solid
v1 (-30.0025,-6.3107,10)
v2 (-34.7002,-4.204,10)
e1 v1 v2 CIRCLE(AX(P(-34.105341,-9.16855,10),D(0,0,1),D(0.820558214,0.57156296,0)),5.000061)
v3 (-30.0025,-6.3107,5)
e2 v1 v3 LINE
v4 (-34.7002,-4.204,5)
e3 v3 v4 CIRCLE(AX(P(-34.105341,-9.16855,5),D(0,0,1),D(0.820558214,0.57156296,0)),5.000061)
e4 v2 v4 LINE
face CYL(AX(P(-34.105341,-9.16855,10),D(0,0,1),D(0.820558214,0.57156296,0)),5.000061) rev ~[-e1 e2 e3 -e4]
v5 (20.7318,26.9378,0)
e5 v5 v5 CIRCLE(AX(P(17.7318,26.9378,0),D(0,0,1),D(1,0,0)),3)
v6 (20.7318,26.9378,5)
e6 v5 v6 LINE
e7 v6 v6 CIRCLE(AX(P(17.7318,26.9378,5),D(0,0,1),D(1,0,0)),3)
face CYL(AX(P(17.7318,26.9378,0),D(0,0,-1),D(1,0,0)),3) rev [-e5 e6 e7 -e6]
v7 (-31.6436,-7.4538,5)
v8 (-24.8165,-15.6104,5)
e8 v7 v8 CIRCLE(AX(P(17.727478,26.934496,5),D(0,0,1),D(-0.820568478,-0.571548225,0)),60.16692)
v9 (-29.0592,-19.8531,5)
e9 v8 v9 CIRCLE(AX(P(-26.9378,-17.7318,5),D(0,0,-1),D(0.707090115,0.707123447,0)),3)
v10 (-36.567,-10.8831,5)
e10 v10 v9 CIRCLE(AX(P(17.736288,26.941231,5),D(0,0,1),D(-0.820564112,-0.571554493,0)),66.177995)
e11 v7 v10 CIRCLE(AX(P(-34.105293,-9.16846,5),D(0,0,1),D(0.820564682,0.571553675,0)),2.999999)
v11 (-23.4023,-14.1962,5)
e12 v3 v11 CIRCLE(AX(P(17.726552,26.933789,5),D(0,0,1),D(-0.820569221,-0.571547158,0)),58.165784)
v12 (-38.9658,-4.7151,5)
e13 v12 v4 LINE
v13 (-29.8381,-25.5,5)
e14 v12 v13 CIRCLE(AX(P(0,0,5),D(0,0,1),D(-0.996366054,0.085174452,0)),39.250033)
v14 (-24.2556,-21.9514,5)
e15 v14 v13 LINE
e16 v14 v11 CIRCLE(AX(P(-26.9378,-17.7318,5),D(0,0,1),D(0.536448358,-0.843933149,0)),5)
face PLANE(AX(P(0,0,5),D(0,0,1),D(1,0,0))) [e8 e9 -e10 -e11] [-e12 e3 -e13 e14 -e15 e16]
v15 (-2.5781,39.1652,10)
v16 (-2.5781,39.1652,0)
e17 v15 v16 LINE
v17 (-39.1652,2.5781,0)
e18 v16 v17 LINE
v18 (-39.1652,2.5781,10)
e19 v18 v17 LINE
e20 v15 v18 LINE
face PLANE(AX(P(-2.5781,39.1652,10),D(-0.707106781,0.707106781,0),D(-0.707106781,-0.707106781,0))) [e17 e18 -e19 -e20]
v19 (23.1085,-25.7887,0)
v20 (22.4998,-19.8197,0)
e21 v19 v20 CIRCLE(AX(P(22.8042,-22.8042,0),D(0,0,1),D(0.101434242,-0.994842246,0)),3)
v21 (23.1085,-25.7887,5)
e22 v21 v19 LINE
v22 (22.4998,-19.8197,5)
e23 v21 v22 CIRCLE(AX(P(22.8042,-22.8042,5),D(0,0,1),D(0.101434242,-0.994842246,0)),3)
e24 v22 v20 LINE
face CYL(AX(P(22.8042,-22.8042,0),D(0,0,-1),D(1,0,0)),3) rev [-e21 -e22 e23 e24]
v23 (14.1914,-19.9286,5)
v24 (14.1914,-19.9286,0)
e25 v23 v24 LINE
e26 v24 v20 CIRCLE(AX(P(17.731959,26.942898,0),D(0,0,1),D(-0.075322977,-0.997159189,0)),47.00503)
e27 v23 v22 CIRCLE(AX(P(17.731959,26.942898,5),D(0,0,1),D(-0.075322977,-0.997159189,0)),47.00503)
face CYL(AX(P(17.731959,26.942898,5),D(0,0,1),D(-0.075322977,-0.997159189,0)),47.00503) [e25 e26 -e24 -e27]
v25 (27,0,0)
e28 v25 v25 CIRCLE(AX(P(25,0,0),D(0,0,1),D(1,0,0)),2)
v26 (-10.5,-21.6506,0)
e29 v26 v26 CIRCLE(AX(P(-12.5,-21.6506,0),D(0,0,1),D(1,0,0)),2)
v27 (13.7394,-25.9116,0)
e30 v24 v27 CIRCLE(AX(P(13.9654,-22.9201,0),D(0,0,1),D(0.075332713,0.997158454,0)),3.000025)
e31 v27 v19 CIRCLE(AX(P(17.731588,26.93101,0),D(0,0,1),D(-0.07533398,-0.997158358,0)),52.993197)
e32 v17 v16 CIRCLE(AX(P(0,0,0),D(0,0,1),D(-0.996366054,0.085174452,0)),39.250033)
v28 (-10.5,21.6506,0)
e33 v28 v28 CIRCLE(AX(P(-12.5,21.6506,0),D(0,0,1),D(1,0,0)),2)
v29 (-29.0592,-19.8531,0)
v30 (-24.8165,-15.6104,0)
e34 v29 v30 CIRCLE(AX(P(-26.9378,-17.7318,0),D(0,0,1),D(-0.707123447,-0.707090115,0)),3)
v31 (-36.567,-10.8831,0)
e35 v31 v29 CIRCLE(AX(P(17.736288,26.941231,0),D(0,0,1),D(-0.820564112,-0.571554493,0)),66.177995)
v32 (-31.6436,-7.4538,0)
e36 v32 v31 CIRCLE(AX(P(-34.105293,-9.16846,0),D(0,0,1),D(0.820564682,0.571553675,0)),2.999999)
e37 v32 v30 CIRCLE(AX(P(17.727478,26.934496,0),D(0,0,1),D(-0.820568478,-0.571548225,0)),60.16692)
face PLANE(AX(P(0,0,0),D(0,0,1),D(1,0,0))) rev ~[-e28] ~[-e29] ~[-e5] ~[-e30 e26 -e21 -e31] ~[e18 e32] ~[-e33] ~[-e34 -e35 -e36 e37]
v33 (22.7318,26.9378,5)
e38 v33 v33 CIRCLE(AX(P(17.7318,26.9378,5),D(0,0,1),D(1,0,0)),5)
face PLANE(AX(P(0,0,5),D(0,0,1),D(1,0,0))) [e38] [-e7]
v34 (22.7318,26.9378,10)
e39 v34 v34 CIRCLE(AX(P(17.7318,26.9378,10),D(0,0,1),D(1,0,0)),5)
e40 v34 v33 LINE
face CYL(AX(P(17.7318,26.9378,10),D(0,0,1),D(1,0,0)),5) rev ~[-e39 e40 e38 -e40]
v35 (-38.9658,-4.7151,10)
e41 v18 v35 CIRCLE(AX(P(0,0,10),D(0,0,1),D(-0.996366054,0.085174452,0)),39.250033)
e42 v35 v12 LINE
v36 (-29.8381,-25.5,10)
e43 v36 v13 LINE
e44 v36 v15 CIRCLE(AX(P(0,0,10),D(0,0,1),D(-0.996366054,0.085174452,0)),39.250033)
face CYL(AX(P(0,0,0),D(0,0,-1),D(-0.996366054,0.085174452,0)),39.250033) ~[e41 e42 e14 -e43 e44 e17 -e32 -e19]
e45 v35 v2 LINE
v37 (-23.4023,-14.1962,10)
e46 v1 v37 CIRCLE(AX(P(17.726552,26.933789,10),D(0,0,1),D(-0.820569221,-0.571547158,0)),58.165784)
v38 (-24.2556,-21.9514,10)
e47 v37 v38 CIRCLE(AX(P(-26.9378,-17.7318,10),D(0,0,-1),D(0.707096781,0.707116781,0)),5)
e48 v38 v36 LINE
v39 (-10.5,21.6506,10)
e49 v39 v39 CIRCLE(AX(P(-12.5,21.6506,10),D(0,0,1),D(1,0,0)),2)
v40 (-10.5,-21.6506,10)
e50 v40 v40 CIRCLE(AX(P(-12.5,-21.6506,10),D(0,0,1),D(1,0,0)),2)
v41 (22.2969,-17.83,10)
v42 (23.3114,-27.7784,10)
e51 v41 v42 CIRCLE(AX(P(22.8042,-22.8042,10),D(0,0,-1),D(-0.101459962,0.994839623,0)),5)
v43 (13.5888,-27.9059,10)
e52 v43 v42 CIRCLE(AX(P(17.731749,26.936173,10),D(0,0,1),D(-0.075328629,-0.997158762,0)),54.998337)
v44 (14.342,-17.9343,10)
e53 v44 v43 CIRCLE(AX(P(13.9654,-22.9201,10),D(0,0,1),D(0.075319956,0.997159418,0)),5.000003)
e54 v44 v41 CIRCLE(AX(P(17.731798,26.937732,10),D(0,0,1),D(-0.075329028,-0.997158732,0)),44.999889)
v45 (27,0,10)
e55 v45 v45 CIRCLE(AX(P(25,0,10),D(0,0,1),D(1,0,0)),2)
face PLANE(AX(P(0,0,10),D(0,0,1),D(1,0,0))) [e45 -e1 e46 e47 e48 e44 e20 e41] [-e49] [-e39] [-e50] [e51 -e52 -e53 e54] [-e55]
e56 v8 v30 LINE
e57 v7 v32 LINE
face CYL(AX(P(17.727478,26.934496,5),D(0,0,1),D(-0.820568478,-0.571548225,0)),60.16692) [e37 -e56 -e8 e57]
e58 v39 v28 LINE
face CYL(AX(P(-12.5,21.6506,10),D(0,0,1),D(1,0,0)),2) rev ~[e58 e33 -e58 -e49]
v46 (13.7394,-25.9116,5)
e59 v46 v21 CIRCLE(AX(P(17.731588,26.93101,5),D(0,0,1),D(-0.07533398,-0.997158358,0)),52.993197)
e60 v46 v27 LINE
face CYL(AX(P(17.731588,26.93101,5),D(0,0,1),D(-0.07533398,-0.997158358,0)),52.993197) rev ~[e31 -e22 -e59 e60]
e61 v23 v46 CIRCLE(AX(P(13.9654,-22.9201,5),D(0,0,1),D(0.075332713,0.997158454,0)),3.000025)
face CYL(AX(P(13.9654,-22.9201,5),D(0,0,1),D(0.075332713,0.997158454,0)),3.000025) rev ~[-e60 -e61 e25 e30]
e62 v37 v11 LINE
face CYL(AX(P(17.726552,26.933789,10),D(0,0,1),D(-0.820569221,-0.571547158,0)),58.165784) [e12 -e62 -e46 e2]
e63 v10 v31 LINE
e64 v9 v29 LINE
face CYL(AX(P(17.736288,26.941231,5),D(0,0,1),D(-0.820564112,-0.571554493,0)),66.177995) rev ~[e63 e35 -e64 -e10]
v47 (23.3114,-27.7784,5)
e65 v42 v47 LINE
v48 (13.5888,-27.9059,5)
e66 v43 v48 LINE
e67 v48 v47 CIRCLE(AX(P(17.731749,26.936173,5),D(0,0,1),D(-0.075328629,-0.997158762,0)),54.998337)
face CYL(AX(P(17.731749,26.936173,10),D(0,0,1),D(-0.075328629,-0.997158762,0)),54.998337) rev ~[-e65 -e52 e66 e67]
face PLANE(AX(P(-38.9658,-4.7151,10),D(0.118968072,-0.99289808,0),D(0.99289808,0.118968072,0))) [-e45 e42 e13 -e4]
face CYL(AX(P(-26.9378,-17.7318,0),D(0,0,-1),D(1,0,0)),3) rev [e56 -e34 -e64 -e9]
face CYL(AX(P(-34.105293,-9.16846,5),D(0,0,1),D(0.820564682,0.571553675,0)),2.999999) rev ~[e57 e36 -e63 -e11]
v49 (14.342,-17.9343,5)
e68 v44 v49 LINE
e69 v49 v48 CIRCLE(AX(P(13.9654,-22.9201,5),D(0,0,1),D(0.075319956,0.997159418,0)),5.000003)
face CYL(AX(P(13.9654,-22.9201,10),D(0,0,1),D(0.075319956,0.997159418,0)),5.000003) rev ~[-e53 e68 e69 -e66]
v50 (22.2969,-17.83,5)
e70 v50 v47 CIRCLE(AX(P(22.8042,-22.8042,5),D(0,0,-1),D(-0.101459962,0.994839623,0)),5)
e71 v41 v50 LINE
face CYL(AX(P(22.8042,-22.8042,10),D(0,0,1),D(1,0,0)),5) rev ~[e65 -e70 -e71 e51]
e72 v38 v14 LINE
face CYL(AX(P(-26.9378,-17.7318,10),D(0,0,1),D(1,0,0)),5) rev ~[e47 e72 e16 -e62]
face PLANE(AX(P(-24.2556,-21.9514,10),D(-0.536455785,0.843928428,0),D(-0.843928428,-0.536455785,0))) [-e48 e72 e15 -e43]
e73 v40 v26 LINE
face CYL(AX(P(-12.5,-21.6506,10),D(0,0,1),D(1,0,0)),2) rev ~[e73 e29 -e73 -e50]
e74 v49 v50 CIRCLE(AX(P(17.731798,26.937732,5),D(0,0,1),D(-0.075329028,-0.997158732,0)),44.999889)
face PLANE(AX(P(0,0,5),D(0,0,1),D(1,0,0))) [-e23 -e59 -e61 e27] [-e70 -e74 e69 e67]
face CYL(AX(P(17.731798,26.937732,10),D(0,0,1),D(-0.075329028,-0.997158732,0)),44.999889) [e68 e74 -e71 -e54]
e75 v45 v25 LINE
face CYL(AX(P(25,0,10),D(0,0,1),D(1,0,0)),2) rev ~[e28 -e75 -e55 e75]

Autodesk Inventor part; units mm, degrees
ref_plane "YZ Plane" through (0, 0, 0) normal (1, 0, 0) x (0, 1, 0)
ref_plane "XZ Plane" through (0, 0, 0) normal (0, 1, 0) x (-1, 0, 0)
ref_plane "XY Plane" through (0, 0, 0) normal (0, 0, 1) x (1, 0, 0)
sketch "Sketch1" plane through (0, 0, 0) normal (0, 0, 1) x (1, 0, 0)
  arc A0 (-39.1074, 3.3431) -> (-3.3431, 39.1074) centre (0, 0) ccw
  line L0 (0, 0) -> (30.017, 0) construction
  line L1 (-39.1074, 3.3431) -> (-3.3431, 39.1074)
  line L2 (0, 0) -> (39.25, 0) construction
  circle A1 centre (22.8042, -22.8042) radius 3
  circle A2 centre (-26.9378, -17.7318) radius 3
  circle A3 centre (17.7318, 26.9378) radius 3
  dimension "d0" = 78.5
  dimension "d6" = 6
  dimension "d9" = 6
  dimension "d10" = 6
extrude "Extrusion1" add sketch "Sketch1" along normal blind 10
sketch "Sketch2" plane through (0, 0, 10) normal (0, 0, 1) x (1, 0, 0)
  circle A0 centre (17.7318, 26.9378) radius 3 projected
  circle A1 centre (17.7318, 26.9378) radius 5
  circle A2 centre (22.8042, -22.8042) radius 3 projected
  circle A3 centre (22.8042, -22.8042) radius 5
  circle A4 centre (-26.9378, -17.7318) radius 3 projected
  circle A5 centre (-26.9378, -17.7318) radius 5
  point P0 (0, 0)
  dimension "d13" = 10
  dimension "d14" = 10
  dimension "d15" = 10
extrude "Extrusion2" cut sketch "Sketch2" against normal blind 5 contours A1
extrude "Extrusion3" cut sketch "Sketch2" against normal blind 5 contours A5
extrude "Extrusion4" cut sketch "Sketch2" against normal blind 5 contours A3
sketch "Sketch3" plane through (0, 0, 10) normal (0, 0, 1) x (1, 0, 0)
  line L0 (0, 0) -> (25, 0) construction
  circle A0 centre (-12.5, -21.6506) radius 2
  arc A1 (-39.1074, 3.3431) -> (-3.3431, 39.1074) centre (0, 0) ccw projected
  circle A2 centre (25, 0) radius 2
  circle A3 centre (-12.5, 21.6506) radius 2
  dimension "d24" = 4
  dimension "d27" = 360
extrude "Extrusion5" cut sketch "Sketch3" against normal through all contours A0
extrude "Extrusion6" cut sketch "Sketch3" against normal through all contours A2
extrude "Extrusion7" cut sketch "Sketch3" against normal through all contours A3
sketch "Sketch5" plane through (0, 0, 10) normal (0, 0, 1) x (1, 0, 0)
  circle A0 centre (17.7318, 26.9378) radius 3 projected
  circle A1 centre (22.8042, -22.8042) radius 3 projected
  circle A2 centre (-26.9378, -17.7318) radius 5 projected
  arc A3 (-39.1074, 3.3431) -> (-3.3431, 39.1074) centre (0, 0) ccw projected
  arc A4 (-30.0025, -6.3107) -> (-23.4023, -14.1962) centre (17.7318, 26.9378) ccw
  line L0 (-38.9658, -4.7151) -> (-34.7002, -4.204)
  line L1 (-24.2556, -21.9514) -> (-29.8381, -25.5)
  circle A5 centre (-26.9378, -17.7318) radius 5 projected
  arc A6 (-30.0025, -6.3107) -> (-34.7002, -4.204) centre (-34.1053, -9.1685) ccw
  arc A7 (12.2473, -17.7267) -> (22.2969, -17.83) centre (17.7318, 26.9378) ccw
  arc A8 (11.0285, -27.6521) -> (23.3114, -27.7784) centre (17.7318, 26.9378) ccw
  circle A9 centre (22.8042, -22.8042) radius 5 projected
extrude "Extrusion11" cut sketch "Sketch5" against normal blind 5 contours A2 L1 A3 L0 A6 A4
sketch "Sketch6" plane through (0, 0, 5) normal (0, 0, 1) x (1, 0, 0)
  circle A0 centre (17.7318, 26.9378) radius 3 projected
  circle A1 centre (22.8042, -22.8042) radius 3 projected
  circle A2 centre (-26.9378, -17.7318) radius 3 projected
  arc A3 (12.0035, -19.7118) -> (22.4998, -19.8197) centre (17.7318, 26.9378) ccw
  arc A4 (11.2723, -25.6671) -> (23.1085, -25.7887) centre (17.7318, 26.9378) ccw
  arc A5 (12.2473, -17.7267) -> (11.0285, -27.6521) centre (11.6379, -22.6894) ccw projected
  arc A6 (12.0035, -19.7118) -> (11.2723, -25.6671) centre (11.6379, -22.6894) ccw
  arc A7 (-31.6436, -7.4538) -> (-24.8165, -15.6104) centre (17.7318, 26.9378) ccw
  arc A8 (-36.567, -10.8831) -> (-29.0592, -19.8531) centre (17.7318, 26.9378) ccw
  arc A9 (-30.0025, -6.3107) -> (-34.7002, -4.204) centre (-34.1053, -9.1685) ccw projected
  arc A10 (-31.6436, -7.4538) -> (-36.567, -10.8831) centre (-34.1053, -9.1685) ccw
  point P0 (0, 0)
  dimension "d69" = 106
  dimension "d70" = 6
  dimension "d71" = 6
extrude "Extrusion14" cut sketch "Sketch6" against normal blind 5 contours A2 | A2 A8 A10 A7
sketch "Sketch7" plane through (0, 0, 10) normal (0, 0, 1) x (1, 0, 0)
  line L0 (-3.3431, 39.1074) -> (-39.1074, 3.3431) projected
  arc A0 (-29.8381, -25.5) -> (-3.3431, 39.1074) centre (0, 0) ccw projected
  line L1 (-2.5781, 39.1652) -> (-39.1652, 2.5781)
  line L2 (-2.5781, 39.1652) -> (49.1639, 39.1652) construction
  arc A1 (-39.1074, 3.3431) -> (-38.9658, -4.7151) centre (0, 0) ccw projected
  dimension "d77" = 135
extrude "Extrusion15" cut sketch "Sketch7" against normal blind 10
sketch "Sketch8" plane through (0, 0, 10) normal (0, 0, 1) x (1, 0, 0)
  circle A0 centre (17.7318, 26.9378) radius 3 projected
  line L0 (17.7318, 26.9378) -> (67.7318, 26.9378) construction
  circle A1 centre (22.8042, -22.8042) radius 3 projected
  arc A2 (14.342, -17.9343) -> (13.5888, -27.9059) centre (13.9654, -22.9201) ccw
  arc A3 (14.342, -17.9343) -> (22.2969, -17.83) centre (17.7318, 26.9378) ccw
  arc A4 (13.5888, -27.9059) -> (23.3114, -27.7784) centre (17.7318, 26.9378) ccw
  circle A5 centre (22.8042, -22.8042) radius 5 projected
  point P0 (0, 0)
  dimension "d84" = 10
  dimension "d87" = 10
extrude "Extrusion16" cut sketch "Sketch8" against normal blind 5 contours A3 A5 A4 A2 | A5
sketch "Sketch9" plane through (0, 0, 5) normal (0, 0, 1) x (1, 0, 0)
  arc A0 (14.342, -17.9343) -> (13.5888, -27.9059) centre (13.9654, -22.9201) ccw projected
  arc A1 (14.1914, -19.9286) -> (13.7394, -25.9116) centre (13.9654, -22.9201) ccw
  circle A2 centre (17.7318, 26.9378) radius 3 projected
  circle A3 centre (22.8042, -22.8042) radius 3 projected
  arc A4 (14.1914, -19.9286) -> (22.4998, -19.8197) centre (17.7318, 26.9378) ccw
  arc A5 (13.7394, -25.9116) -> (23.1085, -25.7887) centre (17.7318, 26.9378) ccw
  point P0 (0, 0)
  dimension "d90" = 6
  dimension "d92" = 6
extrude "Extrusion17" cut sketch "Sketch9" against normal blind 5 contours A4 A3 A5 A1
thread "Thread1" size "M4x0.7" class "6H" standard "ANSI Metric M Profile" full length
thread "Thread2" size "M4x0.7" class "6H" standard "ANSI Metric M Profile" full length
thread "Thread3" size "M4x0.7" class "6H" standard "ANSI Metric M Profile" full length
properties part number "Encoder Mount Base" material "ABS Plastic"
